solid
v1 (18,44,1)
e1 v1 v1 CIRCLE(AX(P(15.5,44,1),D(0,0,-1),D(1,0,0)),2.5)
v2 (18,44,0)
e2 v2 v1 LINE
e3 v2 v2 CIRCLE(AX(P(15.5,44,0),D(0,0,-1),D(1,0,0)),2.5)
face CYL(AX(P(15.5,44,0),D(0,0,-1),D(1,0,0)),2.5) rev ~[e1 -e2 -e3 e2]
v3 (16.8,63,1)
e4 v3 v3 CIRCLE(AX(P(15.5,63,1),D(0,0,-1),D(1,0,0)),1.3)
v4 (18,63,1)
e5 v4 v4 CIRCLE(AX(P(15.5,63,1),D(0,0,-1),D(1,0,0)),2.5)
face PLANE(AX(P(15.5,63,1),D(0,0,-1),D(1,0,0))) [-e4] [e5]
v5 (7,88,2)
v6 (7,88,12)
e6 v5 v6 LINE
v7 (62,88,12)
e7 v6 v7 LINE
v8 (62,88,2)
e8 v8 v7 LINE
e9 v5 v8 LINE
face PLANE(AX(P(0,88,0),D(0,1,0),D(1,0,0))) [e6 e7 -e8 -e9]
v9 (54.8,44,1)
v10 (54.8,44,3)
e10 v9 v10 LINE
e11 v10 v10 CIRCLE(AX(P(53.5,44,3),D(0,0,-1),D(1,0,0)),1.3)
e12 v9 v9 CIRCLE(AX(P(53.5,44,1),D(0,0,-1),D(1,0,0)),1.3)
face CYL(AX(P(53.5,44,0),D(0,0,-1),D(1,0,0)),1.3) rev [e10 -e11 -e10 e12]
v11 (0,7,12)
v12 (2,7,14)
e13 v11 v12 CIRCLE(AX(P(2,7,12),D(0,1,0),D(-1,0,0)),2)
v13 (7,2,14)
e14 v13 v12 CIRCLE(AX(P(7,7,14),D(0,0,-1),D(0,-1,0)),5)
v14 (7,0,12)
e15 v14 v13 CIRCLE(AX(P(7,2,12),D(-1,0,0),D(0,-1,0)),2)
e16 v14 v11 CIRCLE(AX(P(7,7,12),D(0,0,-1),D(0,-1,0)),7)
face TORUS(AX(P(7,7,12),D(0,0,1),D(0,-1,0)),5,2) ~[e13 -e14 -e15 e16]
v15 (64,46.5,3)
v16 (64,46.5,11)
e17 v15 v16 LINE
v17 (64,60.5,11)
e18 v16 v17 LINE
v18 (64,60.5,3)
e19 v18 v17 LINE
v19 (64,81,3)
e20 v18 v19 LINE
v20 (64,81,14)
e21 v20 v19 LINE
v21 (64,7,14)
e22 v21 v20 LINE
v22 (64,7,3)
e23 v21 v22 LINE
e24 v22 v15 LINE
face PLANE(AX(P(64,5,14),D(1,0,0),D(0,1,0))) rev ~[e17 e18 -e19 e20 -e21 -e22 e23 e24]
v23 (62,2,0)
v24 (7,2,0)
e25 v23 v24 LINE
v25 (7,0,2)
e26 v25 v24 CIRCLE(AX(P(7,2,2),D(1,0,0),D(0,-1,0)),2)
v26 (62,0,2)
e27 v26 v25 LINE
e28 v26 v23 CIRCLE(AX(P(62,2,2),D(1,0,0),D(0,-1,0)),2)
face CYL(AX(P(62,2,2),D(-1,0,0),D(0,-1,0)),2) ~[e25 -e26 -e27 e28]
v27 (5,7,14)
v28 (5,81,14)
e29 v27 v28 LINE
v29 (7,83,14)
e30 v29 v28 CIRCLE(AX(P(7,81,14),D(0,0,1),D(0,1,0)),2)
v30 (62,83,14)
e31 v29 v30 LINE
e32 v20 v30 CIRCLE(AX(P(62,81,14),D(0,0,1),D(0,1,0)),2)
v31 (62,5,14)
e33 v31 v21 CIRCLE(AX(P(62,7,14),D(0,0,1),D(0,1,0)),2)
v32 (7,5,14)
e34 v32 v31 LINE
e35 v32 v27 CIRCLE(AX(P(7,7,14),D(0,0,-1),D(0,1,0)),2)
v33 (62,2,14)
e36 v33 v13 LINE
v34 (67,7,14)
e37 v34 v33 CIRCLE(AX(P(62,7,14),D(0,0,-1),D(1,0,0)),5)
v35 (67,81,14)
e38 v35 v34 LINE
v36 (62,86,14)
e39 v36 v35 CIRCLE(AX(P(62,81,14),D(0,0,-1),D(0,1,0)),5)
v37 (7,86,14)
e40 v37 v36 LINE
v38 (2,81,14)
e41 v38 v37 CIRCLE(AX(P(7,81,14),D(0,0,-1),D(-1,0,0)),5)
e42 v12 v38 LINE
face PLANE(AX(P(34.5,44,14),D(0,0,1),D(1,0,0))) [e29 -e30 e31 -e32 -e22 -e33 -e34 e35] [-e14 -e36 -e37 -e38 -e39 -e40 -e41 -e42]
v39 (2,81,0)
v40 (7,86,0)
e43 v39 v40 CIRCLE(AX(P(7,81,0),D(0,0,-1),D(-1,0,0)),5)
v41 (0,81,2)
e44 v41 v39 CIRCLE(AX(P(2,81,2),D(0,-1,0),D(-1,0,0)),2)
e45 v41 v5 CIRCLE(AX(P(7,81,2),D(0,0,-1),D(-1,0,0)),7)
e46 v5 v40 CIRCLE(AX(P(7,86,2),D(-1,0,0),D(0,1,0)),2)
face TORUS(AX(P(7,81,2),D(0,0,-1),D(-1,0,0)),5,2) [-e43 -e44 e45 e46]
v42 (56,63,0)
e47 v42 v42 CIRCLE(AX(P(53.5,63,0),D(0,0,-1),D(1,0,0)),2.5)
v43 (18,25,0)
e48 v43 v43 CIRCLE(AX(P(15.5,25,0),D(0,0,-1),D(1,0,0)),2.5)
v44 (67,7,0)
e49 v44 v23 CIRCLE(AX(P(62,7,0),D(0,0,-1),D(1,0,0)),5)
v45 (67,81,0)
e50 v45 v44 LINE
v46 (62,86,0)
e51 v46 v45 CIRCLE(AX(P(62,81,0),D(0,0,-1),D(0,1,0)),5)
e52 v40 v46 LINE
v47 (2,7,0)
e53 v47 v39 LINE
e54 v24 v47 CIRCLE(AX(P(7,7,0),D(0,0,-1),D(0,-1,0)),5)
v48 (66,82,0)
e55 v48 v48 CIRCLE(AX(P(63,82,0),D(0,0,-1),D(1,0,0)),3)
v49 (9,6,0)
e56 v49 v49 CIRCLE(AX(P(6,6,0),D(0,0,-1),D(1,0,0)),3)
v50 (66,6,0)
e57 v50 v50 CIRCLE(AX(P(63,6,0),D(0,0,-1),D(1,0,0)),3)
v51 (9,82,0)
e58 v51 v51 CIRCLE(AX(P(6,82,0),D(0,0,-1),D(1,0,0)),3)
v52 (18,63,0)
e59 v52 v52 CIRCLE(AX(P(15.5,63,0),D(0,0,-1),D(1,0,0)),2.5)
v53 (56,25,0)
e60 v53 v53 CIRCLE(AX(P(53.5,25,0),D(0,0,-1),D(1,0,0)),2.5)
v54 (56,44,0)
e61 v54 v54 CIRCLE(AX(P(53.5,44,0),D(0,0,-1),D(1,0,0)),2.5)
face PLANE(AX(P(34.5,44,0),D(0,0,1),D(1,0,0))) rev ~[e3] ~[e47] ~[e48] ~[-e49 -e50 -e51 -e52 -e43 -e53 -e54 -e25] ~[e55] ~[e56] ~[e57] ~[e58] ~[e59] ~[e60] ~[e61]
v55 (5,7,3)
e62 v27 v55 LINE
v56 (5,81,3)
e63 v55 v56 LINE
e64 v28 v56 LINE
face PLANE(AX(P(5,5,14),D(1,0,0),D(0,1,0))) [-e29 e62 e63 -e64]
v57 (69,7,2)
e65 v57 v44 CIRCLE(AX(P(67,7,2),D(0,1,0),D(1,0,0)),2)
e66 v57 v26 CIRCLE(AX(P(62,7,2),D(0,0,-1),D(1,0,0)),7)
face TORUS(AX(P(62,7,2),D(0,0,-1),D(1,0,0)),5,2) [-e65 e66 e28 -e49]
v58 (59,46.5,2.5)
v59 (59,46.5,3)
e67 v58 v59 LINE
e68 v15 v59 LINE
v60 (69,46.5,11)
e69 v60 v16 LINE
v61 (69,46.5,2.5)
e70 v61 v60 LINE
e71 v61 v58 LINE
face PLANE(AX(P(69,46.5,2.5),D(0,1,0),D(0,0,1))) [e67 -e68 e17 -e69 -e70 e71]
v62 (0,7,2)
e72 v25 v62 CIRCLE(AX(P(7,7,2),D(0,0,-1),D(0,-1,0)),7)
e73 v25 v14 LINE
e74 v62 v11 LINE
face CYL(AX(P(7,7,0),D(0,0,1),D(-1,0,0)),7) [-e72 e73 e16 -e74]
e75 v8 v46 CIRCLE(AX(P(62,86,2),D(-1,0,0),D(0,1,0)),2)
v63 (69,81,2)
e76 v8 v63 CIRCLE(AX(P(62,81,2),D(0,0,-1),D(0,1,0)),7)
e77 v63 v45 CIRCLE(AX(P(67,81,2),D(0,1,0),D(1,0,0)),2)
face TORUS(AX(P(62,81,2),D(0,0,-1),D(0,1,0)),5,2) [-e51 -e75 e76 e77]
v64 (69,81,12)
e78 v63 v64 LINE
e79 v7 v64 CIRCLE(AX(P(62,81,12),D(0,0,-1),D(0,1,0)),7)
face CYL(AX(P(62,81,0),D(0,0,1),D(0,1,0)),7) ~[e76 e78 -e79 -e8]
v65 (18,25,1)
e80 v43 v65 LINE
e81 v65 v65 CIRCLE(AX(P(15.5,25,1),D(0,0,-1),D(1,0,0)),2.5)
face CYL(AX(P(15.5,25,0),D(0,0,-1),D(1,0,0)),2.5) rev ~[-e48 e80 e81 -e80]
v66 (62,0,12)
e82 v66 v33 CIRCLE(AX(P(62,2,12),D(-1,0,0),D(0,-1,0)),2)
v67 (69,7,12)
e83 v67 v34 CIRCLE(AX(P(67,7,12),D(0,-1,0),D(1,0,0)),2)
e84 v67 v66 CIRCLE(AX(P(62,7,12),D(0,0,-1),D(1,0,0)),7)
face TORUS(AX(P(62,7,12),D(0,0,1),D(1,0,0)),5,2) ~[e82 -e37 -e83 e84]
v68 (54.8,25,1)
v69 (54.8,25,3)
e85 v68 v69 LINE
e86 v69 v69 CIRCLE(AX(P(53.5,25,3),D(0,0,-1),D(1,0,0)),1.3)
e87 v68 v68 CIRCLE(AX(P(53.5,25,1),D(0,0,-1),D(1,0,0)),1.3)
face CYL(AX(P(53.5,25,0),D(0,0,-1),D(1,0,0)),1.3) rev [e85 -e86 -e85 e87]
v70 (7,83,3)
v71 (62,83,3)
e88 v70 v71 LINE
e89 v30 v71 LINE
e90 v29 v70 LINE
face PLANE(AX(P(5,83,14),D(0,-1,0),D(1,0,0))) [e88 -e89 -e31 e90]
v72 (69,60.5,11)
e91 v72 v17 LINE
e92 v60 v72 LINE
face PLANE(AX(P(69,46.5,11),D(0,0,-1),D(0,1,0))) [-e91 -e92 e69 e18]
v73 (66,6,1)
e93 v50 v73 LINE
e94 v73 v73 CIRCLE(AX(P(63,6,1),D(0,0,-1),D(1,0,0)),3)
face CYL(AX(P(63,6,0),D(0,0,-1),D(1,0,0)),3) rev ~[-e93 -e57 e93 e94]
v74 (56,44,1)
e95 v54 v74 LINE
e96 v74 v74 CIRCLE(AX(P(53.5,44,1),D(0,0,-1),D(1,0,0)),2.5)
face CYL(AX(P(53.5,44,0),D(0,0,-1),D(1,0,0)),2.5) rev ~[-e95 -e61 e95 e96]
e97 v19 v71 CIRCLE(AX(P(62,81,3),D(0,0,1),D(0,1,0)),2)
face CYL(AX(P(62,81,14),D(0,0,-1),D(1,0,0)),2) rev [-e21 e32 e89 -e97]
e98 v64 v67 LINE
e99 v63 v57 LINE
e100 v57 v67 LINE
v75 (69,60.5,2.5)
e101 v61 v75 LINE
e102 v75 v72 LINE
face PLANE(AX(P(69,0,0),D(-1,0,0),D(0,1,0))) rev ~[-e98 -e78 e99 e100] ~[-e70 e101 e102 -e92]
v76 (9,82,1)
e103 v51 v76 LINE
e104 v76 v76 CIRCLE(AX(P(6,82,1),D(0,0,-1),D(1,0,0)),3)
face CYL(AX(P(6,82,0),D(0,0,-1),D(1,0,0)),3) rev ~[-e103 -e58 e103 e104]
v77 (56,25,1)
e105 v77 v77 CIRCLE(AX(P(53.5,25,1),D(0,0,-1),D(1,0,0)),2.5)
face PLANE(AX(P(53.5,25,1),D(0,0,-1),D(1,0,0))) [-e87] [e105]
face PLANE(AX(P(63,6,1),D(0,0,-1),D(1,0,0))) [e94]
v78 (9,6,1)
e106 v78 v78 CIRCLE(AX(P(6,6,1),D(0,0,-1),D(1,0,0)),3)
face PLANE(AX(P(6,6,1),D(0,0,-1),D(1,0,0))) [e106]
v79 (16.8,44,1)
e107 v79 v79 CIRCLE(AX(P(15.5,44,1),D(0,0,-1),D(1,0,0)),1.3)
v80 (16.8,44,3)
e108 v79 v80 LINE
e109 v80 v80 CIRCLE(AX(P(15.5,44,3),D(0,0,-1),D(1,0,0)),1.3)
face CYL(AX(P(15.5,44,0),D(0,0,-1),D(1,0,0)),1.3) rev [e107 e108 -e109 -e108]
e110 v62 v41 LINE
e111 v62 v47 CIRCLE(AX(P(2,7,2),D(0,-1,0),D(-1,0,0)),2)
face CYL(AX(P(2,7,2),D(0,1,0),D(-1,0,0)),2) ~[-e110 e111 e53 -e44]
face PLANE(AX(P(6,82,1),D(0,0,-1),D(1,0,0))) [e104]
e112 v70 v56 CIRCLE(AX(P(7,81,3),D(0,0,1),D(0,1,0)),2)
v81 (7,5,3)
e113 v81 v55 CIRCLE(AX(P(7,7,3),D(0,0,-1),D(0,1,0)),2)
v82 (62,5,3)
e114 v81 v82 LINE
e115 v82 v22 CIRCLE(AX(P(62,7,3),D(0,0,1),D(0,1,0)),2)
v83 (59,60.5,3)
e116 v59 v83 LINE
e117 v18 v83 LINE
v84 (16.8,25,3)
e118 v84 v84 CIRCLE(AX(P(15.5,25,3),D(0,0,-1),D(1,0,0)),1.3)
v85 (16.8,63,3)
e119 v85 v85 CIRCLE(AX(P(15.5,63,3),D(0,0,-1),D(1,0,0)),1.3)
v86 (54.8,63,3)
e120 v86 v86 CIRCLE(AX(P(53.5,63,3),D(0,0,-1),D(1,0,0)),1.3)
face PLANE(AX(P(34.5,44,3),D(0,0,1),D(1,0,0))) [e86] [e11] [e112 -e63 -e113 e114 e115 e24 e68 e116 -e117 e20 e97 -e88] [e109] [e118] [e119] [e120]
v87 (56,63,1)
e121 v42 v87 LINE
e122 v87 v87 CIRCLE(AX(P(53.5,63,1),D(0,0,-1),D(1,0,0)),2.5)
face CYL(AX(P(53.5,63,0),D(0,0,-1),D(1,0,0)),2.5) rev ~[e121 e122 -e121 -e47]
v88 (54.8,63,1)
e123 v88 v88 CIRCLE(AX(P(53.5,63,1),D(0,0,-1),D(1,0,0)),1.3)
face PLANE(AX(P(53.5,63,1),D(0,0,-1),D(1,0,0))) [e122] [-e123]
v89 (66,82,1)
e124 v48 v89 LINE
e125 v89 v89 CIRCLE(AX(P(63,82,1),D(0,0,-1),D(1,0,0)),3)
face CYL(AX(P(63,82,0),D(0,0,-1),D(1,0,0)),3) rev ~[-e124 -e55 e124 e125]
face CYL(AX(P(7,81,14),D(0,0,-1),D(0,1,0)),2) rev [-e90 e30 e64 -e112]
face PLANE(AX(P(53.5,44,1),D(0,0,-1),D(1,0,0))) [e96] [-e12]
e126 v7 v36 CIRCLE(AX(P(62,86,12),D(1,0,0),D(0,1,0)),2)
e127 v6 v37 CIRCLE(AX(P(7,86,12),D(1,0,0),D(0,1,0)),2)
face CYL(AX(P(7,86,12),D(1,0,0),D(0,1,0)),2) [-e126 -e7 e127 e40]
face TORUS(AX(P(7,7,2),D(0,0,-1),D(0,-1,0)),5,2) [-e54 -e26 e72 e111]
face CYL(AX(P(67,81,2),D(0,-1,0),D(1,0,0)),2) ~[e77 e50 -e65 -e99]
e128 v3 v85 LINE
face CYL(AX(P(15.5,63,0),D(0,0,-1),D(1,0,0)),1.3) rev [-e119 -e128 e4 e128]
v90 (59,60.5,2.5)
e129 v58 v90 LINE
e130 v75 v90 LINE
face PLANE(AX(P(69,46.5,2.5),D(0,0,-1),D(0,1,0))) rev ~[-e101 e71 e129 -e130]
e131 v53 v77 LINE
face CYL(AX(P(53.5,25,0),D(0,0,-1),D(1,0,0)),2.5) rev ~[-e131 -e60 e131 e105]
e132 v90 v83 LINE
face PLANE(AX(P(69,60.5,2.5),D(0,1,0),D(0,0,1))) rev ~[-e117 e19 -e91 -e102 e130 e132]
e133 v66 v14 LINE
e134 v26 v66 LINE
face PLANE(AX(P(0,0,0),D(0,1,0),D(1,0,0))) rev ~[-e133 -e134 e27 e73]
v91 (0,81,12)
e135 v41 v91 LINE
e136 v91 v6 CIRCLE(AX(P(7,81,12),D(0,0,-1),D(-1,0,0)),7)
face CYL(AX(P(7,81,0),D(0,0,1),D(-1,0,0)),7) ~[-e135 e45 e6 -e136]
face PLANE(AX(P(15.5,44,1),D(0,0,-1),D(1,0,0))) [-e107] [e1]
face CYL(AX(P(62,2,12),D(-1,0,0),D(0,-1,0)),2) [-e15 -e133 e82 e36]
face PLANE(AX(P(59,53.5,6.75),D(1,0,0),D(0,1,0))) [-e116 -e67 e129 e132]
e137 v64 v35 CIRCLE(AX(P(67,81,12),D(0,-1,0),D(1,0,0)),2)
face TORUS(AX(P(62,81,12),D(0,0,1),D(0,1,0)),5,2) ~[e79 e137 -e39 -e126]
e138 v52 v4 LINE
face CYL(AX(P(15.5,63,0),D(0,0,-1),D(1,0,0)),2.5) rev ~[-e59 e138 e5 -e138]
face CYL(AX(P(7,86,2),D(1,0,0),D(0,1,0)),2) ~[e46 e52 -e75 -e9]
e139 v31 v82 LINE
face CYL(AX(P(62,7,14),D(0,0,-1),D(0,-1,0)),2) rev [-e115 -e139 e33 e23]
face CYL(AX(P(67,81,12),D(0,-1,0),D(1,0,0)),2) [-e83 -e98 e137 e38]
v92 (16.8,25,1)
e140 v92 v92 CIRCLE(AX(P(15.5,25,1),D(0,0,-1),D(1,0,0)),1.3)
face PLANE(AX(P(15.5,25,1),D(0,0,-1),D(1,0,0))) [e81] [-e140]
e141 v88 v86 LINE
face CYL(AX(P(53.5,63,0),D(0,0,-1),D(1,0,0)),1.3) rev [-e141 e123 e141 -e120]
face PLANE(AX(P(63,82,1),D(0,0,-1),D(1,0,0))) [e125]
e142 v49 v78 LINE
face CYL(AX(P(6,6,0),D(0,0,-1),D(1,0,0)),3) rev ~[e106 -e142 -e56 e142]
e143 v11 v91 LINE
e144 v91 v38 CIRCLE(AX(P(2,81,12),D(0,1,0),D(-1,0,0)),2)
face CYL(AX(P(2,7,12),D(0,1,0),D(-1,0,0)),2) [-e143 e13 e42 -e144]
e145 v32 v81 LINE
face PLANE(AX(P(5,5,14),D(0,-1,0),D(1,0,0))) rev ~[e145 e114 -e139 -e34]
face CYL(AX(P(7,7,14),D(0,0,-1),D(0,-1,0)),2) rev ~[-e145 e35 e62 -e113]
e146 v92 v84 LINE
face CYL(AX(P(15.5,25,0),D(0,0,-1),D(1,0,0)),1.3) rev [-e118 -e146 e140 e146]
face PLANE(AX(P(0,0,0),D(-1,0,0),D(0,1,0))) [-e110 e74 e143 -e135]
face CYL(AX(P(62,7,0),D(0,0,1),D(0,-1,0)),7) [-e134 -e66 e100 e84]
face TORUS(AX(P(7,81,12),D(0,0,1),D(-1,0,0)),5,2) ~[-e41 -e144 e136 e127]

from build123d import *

# Parameters (mm, degrees)
SKETCH023_W     = 69
SKETCH023_H     = 88
SKETCH023_R     = 1.3
PAD006_DEPTH    = 14
SKETCH024_W     = 59
SKETCH024_H     = 78
POCKET014_DEPTH = 11
SKETCH025_R     = 3
SKETCH025_R_2   = 2.5
POCKET015_DEPTH = 1
FILLET006_R     = 7
FILLET007_R     = 2
SKETCH026_W     = 14
SKETCH026_H     = 8.5
POCKET016_DEPTH = 10


with BuildPart() as part:
    # Sketch023 → Pad006 (new body)
    with BuildSketch(Plane.XY):
        with Locations((34.5, 44)):
            Rectangle(SKETCH023_W, SKETCH023_H)
        with Locations((15.5, 63)):
            Circle(SKETCH023_R, mode=Mode.SUBTRACT)
        with Locations((15.5, 44)):
            Circle(SKETCH023_R, mode=Mode.SUBTRACT)
        with Locations((15.5, 25)):
            Circle(SKETCH023_R, mode=Mode.SUBTRACT)
        with Locations((53.5, 25)):
            Circle(SKETCH023_R, mode=Mode.SUBTRACT)
        with Locations((53.5, 44)):
            Circle(SKETCH023_R, mode=Mode.SUBTRACT)
        with Locations((53.5, 63)):
            Circle(SKETCH023_R, mode=Mode.SUBTRACT)
    extrude(amount=PAD006_DEPTH)

    # Sketch024 (on Face12 of Pad006) → Pocket014 (cut)
    with BuildSketch(Plane.XY.offset(14)):
        with Locations((34.5, 44)):
            Rectangle(SKETCH024_W, SKETCH024_H)
    extrude(amount=-POCKET014_DEPTH, mode=Mode.SUBTRACT)

    # Sketch025 (on Face4 of Pocket014) → Pocket015 (cut)
    with BuildSketch(Plane(origin=(0, 0, 0), x_dir=(1, 0, 0), z_dir=(0, 0, -1))):
        with Locations((6, -6)):
            Circle(SKETCH025_R)
        with Locations((63, -6)):
            Circle(SKETCH025_R)
        with Locations((63, -82)):
            Circle(SKETCH025_R)
        with Locations((6, -82)):
            Circle(SKETCH025_R)
        with Locations((15.5, -25)):
            Circle(SKETCH025_R_2)
        with Locations((15.5, -44)):
            Circle(SKETCH025_R_2)
        with Locations((15.5, -63)):
            Circle(SKETCH025_R_2)
        with Locations((53.5, -63)):
            Circle(SKETCH025_R_2)
        with Locations((53.5, -44)):
            Circle(SKETCH025_R_2)
        with Locations((53.5, -25)):
            Circle(SKETCH025_R_2)
    extrude(amount=-POCKET015_DEPTH, mode=Mode.SUBTRACT)

    # Fillet006
    fillet006_edges = [part.edges().sort_by_distance(p)[0] for p in [
        (69, 88, 7),
        (0, 88, 7),
        (0, 0, 7),
        (69, 0, 7),
    ]]
    fillet(fillet006_edges, radius=FILLET006_R)

    # Fillet007
    fillet007_edges = [part.edges().sort_by_distance(p)[0] for p in [
        (64, 5, 8.5),
        (64, 83, 8.5),
        (5, 83, 8.5),
        (5, 5, 8.5),
        (0, 44, 14),
        (0, 44, 0),
    ]]
    fillet(fillet007_edges, radius=FILLET007_R)

    # Sketch026 (on Face13 of Fillet007) → Pocket016 (cut)
    with BuildSketch(Plane.YZ.offset(69)):
        with Locations((53.5, 6.75)):
            Rectangle(SKETCH026_W, SKETCH026_H)
    extrude(amount=-POCKET016_DEPTH, mode=Mode.SUBTRACT)


solid = part.part
